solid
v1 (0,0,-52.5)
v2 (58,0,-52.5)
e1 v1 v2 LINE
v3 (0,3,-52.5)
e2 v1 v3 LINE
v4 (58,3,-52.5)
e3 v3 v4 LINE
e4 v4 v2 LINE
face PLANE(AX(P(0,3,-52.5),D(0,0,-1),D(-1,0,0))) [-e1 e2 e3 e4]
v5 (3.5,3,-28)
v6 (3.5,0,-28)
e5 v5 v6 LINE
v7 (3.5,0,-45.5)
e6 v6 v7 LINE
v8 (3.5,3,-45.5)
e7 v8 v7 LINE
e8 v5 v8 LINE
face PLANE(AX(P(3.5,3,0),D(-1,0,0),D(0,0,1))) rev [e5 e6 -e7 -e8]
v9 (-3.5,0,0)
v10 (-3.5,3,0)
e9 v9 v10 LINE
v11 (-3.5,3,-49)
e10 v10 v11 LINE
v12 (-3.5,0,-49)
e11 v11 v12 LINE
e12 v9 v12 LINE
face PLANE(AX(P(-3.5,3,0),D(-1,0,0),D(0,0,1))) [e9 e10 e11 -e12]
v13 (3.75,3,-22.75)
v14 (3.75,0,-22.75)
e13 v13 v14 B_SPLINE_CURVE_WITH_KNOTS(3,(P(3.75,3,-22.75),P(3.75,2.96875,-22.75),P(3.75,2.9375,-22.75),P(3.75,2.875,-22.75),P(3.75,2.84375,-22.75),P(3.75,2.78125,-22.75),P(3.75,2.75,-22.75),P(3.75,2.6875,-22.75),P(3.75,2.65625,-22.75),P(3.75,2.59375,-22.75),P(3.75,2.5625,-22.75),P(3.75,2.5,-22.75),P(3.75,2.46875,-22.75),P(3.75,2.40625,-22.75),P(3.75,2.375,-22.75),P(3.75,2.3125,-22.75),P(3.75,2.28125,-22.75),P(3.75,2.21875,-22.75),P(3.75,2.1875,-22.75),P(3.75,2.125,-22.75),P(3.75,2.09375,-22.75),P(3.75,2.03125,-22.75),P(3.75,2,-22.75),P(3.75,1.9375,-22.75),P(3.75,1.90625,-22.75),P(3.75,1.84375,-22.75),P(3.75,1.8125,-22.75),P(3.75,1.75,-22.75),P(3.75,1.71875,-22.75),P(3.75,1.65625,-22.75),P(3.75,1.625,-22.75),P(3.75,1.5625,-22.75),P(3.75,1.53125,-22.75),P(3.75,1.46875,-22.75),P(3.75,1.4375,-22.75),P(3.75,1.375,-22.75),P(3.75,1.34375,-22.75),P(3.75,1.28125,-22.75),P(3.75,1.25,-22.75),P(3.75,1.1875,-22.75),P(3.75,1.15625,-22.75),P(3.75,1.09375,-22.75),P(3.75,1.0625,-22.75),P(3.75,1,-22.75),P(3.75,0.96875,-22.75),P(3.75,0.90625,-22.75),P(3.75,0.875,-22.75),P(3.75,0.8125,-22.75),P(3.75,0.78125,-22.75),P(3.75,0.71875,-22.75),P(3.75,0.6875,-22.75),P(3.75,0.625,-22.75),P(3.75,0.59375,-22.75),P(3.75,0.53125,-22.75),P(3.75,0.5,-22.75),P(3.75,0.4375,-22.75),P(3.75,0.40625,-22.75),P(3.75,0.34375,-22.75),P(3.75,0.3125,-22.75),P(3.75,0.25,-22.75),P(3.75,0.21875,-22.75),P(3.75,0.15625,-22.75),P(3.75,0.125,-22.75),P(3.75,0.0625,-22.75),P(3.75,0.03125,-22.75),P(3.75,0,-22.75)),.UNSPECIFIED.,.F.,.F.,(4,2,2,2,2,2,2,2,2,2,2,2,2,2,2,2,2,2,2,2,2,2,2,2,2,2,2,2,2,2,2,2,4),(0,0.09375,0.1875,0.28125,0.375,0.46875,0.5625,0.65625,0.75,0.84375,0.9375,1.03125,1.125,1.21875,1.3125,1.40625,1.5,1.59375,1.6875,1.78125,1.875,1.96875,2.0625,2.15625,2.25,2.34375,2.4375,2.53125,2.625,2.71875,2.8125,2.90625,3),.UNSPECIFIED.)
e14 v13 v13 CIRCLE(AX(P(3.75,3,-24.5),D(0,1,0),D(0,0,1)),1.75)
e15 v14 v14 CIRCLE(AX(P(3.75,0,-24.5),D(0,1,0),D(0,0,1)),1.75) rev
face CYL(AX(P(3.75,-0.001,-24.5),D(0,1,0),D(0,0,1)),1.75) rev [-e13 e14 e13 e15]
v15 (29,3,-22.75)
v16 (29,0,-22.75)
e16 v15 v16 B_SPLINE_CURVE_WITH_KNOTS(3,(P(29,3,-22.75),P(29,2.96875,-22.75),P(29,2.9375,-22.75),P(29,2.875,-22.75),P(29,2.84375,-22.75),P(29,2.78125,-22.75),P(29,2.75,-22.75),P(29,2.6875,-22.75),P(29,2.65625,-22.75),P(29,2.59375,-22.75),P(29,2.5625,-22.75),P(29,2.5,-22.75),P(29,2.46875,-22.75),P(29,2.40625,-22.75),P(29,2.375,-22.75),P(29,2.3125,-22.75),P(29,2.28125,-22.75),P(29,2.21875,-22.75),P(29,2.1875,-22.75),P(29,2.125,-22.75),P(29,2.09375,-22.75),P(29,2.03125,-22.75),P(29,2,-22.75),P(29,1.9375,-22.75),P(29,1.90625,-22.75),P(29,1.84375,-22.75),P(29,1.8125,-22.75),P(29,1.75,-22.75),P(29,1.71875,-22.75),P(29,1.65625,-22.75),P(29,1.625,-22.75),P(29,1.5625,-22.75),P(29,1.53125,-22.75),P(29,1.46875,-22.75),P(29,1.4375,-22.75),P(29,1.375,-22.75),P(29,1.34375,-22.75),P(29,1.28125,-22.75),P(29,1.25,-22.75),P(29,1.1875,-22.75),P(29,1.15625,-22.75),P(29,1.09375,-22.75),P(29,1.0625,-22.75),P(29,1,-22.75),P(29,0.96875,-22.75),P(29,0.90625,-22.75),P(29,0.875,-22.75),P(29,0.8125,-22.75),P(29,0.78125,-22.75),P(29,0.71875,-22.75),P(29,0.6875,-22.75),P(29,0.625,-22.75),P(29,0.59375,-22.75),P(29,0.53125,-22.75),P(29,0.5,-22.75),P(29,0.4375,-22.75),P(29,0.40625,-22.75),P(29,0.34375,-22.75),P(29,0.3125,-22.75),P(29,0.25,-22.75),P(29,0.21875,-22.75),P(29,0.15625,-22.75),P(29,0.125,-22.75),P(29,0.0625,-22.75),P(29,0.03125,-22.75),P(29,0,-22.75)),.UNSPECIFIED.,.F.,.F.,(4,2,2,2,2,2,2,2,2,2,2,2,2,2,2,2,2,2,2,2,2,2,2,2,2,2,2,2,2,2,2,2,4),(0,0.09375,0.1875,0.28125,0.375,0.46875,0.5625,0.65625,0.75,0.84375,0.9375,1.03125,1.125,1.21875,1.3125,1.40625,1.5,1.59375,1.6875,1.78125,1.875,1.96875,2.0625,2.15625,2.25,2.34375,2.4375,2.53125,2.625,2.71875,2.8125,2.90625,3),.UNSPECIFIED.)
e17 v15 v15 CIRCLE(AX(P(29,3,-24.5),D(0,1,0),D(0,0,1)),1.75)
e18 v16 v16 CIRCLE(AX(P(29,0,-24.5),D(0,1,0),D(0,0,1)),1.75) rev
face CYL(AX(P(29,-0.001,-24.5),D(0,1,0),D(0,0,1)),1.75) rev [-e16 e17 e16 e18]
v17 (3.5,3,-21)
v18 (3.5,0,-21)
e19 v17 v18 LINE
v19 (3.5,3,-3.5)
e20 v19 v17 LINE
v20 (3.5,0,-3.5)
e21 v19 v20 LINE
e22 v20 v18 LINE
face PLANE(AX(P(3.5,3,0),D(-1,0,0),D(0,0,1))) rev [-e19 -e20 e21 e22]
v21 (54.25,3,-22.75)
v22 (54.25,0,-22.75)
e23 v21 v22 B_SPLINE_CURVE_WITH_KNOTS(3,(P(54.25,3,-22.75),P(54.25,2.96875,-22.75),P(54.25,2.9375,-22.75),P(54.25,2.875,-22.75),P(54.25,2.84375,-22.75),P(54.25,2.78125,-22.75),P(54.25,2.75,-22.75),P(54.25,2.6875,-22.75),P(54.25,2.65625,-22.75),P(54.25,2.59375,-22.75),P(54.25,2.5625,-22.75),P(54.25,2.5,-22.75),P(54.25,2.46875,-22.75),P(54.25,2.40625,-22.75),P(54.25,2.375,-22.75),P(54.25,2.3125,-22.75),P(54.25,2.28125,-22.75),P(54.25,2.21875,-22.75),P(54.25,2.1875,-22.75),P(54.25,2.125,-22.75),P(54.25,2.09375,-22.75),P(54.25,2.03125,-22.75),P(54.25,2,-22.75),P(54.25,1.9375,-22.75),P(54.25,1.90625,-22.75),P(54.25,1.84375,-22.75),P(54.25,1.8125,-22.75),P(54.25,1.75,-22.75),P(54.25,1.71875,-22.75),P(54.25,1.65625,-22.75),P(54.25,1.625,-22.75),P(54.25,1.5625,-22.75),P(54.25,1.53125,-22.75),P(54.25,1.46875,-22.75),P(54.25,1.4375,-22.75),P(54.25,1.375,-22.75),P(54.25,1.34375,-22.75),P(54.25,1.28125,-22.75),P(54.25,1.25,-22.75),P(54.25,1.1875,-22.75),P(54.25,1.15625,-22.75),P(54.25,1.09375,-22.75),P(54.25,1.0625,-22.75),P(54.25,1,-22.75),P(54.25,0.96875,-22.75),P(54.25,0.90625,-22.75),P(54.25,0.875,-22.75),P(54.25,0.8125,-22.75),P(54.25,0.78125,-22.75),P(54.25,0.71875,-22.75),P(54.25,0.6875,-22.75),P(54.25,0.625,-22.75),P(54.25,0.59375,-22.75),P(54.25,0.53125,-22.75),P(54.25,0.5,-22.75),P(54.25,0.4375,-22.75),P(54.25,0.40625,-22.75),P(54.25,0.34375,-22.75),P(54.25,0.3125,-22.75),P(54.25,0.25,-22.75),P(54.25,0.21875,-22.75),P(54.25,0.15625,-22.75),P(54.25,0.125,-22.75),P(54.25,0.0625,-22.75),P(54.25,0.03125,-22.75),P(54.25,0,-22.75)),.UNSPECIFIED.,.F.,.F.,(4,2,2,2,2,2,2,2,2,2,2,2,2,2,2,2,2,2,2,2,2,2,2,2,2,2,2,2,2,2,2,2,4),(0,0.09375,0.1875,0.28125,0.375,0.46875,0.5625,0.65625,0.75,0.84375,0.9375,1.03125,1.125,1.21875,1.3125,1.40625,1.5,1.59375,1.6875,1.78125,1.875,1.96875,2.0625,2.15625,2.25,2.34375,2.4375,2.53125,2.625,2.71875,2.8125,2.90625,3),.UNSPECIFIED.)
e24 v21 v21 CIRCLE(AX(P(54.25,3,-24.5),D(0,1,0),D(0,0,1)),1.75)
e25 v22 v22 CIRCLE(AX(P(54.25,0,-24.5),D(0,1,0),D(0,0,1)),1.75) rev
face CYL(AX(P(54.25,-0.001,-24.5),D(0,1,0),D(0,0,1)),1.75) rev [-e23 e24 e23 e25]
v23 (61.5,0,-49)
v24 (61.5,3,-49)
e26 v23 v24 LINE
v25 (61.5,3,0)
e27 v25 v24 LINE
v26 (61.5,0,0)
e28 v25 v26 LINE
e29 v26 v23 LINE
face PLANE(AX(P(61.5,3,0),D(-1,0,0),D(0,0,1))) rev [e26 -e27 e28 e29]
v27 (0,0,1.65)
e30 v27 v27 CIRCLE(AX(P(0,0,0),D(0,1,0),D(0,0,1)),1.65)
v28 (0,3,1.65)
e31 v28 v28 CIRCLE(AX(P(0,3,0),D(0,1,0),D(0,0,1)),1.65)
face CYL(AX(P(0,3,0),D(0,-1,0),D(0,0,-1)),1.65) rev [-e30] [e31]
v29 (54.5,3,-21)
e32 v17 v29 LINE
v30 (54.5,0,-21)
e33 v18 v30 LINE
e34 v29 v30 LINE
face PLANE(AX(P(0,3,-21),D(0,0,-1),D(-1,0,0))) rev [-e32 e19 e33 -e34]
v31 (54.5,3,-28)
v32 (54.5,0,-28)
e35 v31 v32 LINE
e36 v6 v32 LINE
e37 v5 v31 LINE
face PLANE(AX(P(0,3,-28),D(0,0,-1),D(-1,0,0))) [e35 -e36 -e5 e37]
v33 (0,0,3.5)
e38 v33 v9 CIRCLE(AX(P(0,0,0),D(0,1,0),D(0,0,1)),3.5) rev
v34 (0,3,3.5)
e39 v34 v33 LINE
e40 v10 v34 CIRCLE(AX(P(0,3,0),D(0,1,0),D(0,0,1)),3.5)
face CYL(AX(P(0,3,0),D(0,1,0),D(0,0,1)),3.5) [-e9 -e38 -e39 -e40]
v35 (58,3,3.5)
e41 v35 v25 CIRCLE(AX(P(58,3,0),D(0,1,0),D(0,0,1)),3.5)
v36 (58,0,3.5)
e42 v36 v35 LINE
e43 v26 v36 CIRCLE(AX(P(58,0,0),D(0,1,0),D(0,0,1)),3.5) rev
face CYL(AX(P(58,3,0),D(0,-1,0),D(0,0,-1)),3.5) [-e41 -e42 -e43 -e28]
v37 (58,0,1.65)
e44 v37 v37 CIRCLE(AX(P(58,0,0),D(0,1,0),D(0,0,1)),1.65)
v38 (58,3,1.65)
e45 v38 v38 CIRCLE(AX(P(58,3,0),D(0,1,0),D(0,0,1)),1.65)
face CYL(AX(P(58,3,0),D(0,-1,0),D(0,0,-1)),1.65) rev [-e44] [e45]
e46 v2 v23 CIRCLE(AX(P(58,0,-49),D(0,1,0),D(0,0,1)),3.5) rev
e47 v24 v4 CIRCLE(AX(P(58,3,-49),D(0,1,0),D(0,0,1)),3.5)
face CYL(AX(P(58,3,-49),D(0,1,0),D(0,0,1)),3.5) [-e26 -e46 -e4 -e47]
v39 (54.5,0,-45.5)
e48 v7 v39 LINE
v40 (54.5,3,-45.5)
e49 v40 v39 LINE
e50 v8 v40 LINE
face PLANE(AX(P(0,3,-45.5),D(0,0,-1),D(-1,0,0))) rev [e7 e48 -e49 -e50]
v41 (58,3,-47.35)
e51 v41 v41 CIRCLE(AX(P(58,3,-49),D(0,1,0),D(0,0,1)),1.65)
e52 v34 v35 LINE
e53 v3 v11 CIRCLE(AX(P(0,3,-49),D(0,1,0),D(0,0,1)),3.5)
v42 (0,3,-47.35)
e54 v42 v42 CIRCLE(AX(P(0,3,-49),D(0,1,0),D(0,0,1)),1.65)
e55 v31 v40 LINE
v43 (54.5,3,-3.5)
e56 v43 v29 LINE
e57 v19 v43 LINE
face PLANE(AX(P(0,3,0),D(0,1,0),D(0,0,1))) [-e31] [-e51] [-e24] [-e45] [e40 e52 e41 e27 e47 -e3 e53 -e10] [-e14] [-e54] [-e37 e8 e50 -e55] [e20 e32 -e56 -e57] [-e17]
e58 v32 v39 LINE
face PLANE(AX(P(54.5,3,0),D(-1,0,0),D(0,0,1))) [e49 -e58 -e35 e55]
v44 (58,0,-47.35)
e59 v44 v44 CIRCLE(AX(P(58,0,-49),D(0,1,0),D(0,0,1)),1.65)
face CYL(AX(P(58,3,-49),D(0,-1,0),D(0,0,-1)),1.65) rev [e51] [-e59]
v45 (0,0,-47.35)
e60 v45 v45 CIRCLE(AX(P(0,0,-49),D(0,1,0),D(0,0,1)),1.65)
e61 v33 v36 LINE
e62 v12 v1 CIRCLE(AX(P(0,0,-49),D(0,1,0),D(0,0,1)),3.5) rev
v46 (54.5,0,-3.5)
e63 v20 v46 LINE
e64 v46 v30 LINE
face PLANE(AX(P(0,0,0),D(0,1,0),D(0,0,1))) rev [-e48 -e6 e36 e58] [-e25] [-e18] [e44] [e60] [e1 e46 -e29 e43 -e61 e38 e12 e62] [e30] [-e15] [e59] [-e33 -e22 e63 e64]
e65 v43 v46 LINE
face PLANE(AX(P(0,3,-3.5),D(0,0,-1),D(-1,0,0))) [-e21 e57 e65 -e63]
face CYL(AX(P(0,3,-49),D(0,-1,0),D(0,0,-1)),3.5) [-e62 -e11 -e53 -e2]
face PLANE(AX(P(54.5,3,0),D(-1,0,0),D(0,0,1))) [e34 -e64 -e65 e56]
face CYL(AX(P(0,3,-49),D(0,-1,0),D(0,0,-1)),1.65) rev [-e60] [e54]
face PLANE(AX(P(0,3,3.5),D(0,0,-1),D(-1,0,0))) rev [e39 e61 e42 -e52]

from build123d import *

# Parameters (mm, degrees)
SKETCH1_W           = 65
SKETCH1_H           = 56
SKETCH1_R           = 1.65
SKETCH1_W_2         = 51
SKETCH1_H_2         = 17.5
BOSS_EXTRUDE1_DEPTH = 3
FILLET1_R           = 3.5
CUT_EXTRUDE1_REACH  = 82.917
SKETCH2_R           = 1.75


with BuildPart() as part:
    # Sketch1 → Boss-Extrude1 (new body)
    with BuildSketch(Plane(origin=(0, 0, 0), x_dir=(1, 0, 0), z_dir=(0, 1, 0))):
        with Locations((29, 24.5)):
            Rectangle(SKETCH1_W, SKETCH1_H)
        with Locations(Location((0, 49, 0), (0, 0, 270))):
            Circle(SKETCH1_R, mode=Mode.SUBTRACT)
        with Locations(Location((58, 49, 0), (0, 0, 270))):
            Circle(SKETCH1_R, mode=Mode.SUBTRACT)
        with Locations(Location((58, 0, 0), (0, 0, 270))):
            Circle(SKETCH1_R, mode=Mode.SUBTRACT)
        with Locations(Location((0, 0, 0), (0, 0, 270))):
            Circle(SKETCH1_R, mode=Mode.SUBTRACT)
        with Locations((29, 36.75)):
            Rectangle(SKETCH1_W_2, SKETCH1_H_2, mode=Mode.SUBTRACT)
        with Locations((29, 12.25)):
            Rectangle(SKETCH1_W_2, SKETCH1_H_2, mode=Mode.SUBTRACT)
    extrude(amount=BOSS_EXTRUDE1_DEPTH)

    # Fillet1
    fillet1_edges = [part.edges().sort_by_distance(p)[0] for p in [
        (-3.5, 1.5, -52.5),
        (61.5, 1.5, -52.5),
        (61.5, 1.5, 3.5),
        (-3.5, 1.5, 3.5),
    ]]
    fillet(fillet1_edges, radius=FILLET1_R)

    # Sketch2 → Cut-Extrude1 (cut, up to next)
    with BuildSketch(Plane(origin=(0, 3, 0), x_dir=(1, 0, 0), z_dir=(0, 1, 0)), mode=Mode.PRIVATE) as cut_extrude1_sk1:
        with Locations(Location((3.75, 24.5, 0), (0, 0, 270))):
            Circle(SKETCH2_R)
    cut_extrude1_tool1 = extrude(cut_extrude1_sk1.sketch, amount=-CUT_EXTRUDE1_REACH, mode=Mode.PRIVATE) & part.part
    # Sketch2 → Cut-Extrude1 (cut, up to next)
    with BuildSketch(Plane(origin=(0, 3, 0), x_dir=(1, 0, 0), z_dir=(0, 1, 0)), mode=Mode.PRIVATE) as cut_extrude1_sk2:
        with Locations(Location((29, 24.5, 0), (0, 0, 270))):
            Circle(SKETCH2_R)
    cut_extrude1_tool2 = extrude(cut_extrude1_sk2.sketch, amount=-CUT_EXTRUDE1_REACH, mode=Mode.PRIVATE) & part.part
    # Sketch2 → Cut-Extrude1 (cut, up to next)
    with BuildSketch(Plane(origin=(0, 3, 0), x_dir=(1, 0, 0), z_dir=(0, 1, 0)), mode=Mode.PRIVATE) as cut_extrude1_sk3:
        with Locations(Location((54.25, 24.5, 0), (0, 0, 270))):
            Circle(SKETCH2_R)
    cut_extrude1_tool3 = extrude(cut_extrude1_sk3.sketch, amount=-CUT_EXTRUDE1_REACH, mode=Mode.PRIVATE) & part.part
    add(cut_extrude1_tool1.solids().sort_by_distance((3.75, 3, -24.5))[0], mode=Mode.SUBTRACT)
    add(cut_extrude1_tool2.solids().sort_by_distance((29, 3, -24.5))[0], mode=Mode.SUBTRACT)
    add(cut_extrude1_tool3.solids().sort_by_distance((54.25, 3, -24.5))[0], mode=Mode.SUBTRACT)


solid = part.part
